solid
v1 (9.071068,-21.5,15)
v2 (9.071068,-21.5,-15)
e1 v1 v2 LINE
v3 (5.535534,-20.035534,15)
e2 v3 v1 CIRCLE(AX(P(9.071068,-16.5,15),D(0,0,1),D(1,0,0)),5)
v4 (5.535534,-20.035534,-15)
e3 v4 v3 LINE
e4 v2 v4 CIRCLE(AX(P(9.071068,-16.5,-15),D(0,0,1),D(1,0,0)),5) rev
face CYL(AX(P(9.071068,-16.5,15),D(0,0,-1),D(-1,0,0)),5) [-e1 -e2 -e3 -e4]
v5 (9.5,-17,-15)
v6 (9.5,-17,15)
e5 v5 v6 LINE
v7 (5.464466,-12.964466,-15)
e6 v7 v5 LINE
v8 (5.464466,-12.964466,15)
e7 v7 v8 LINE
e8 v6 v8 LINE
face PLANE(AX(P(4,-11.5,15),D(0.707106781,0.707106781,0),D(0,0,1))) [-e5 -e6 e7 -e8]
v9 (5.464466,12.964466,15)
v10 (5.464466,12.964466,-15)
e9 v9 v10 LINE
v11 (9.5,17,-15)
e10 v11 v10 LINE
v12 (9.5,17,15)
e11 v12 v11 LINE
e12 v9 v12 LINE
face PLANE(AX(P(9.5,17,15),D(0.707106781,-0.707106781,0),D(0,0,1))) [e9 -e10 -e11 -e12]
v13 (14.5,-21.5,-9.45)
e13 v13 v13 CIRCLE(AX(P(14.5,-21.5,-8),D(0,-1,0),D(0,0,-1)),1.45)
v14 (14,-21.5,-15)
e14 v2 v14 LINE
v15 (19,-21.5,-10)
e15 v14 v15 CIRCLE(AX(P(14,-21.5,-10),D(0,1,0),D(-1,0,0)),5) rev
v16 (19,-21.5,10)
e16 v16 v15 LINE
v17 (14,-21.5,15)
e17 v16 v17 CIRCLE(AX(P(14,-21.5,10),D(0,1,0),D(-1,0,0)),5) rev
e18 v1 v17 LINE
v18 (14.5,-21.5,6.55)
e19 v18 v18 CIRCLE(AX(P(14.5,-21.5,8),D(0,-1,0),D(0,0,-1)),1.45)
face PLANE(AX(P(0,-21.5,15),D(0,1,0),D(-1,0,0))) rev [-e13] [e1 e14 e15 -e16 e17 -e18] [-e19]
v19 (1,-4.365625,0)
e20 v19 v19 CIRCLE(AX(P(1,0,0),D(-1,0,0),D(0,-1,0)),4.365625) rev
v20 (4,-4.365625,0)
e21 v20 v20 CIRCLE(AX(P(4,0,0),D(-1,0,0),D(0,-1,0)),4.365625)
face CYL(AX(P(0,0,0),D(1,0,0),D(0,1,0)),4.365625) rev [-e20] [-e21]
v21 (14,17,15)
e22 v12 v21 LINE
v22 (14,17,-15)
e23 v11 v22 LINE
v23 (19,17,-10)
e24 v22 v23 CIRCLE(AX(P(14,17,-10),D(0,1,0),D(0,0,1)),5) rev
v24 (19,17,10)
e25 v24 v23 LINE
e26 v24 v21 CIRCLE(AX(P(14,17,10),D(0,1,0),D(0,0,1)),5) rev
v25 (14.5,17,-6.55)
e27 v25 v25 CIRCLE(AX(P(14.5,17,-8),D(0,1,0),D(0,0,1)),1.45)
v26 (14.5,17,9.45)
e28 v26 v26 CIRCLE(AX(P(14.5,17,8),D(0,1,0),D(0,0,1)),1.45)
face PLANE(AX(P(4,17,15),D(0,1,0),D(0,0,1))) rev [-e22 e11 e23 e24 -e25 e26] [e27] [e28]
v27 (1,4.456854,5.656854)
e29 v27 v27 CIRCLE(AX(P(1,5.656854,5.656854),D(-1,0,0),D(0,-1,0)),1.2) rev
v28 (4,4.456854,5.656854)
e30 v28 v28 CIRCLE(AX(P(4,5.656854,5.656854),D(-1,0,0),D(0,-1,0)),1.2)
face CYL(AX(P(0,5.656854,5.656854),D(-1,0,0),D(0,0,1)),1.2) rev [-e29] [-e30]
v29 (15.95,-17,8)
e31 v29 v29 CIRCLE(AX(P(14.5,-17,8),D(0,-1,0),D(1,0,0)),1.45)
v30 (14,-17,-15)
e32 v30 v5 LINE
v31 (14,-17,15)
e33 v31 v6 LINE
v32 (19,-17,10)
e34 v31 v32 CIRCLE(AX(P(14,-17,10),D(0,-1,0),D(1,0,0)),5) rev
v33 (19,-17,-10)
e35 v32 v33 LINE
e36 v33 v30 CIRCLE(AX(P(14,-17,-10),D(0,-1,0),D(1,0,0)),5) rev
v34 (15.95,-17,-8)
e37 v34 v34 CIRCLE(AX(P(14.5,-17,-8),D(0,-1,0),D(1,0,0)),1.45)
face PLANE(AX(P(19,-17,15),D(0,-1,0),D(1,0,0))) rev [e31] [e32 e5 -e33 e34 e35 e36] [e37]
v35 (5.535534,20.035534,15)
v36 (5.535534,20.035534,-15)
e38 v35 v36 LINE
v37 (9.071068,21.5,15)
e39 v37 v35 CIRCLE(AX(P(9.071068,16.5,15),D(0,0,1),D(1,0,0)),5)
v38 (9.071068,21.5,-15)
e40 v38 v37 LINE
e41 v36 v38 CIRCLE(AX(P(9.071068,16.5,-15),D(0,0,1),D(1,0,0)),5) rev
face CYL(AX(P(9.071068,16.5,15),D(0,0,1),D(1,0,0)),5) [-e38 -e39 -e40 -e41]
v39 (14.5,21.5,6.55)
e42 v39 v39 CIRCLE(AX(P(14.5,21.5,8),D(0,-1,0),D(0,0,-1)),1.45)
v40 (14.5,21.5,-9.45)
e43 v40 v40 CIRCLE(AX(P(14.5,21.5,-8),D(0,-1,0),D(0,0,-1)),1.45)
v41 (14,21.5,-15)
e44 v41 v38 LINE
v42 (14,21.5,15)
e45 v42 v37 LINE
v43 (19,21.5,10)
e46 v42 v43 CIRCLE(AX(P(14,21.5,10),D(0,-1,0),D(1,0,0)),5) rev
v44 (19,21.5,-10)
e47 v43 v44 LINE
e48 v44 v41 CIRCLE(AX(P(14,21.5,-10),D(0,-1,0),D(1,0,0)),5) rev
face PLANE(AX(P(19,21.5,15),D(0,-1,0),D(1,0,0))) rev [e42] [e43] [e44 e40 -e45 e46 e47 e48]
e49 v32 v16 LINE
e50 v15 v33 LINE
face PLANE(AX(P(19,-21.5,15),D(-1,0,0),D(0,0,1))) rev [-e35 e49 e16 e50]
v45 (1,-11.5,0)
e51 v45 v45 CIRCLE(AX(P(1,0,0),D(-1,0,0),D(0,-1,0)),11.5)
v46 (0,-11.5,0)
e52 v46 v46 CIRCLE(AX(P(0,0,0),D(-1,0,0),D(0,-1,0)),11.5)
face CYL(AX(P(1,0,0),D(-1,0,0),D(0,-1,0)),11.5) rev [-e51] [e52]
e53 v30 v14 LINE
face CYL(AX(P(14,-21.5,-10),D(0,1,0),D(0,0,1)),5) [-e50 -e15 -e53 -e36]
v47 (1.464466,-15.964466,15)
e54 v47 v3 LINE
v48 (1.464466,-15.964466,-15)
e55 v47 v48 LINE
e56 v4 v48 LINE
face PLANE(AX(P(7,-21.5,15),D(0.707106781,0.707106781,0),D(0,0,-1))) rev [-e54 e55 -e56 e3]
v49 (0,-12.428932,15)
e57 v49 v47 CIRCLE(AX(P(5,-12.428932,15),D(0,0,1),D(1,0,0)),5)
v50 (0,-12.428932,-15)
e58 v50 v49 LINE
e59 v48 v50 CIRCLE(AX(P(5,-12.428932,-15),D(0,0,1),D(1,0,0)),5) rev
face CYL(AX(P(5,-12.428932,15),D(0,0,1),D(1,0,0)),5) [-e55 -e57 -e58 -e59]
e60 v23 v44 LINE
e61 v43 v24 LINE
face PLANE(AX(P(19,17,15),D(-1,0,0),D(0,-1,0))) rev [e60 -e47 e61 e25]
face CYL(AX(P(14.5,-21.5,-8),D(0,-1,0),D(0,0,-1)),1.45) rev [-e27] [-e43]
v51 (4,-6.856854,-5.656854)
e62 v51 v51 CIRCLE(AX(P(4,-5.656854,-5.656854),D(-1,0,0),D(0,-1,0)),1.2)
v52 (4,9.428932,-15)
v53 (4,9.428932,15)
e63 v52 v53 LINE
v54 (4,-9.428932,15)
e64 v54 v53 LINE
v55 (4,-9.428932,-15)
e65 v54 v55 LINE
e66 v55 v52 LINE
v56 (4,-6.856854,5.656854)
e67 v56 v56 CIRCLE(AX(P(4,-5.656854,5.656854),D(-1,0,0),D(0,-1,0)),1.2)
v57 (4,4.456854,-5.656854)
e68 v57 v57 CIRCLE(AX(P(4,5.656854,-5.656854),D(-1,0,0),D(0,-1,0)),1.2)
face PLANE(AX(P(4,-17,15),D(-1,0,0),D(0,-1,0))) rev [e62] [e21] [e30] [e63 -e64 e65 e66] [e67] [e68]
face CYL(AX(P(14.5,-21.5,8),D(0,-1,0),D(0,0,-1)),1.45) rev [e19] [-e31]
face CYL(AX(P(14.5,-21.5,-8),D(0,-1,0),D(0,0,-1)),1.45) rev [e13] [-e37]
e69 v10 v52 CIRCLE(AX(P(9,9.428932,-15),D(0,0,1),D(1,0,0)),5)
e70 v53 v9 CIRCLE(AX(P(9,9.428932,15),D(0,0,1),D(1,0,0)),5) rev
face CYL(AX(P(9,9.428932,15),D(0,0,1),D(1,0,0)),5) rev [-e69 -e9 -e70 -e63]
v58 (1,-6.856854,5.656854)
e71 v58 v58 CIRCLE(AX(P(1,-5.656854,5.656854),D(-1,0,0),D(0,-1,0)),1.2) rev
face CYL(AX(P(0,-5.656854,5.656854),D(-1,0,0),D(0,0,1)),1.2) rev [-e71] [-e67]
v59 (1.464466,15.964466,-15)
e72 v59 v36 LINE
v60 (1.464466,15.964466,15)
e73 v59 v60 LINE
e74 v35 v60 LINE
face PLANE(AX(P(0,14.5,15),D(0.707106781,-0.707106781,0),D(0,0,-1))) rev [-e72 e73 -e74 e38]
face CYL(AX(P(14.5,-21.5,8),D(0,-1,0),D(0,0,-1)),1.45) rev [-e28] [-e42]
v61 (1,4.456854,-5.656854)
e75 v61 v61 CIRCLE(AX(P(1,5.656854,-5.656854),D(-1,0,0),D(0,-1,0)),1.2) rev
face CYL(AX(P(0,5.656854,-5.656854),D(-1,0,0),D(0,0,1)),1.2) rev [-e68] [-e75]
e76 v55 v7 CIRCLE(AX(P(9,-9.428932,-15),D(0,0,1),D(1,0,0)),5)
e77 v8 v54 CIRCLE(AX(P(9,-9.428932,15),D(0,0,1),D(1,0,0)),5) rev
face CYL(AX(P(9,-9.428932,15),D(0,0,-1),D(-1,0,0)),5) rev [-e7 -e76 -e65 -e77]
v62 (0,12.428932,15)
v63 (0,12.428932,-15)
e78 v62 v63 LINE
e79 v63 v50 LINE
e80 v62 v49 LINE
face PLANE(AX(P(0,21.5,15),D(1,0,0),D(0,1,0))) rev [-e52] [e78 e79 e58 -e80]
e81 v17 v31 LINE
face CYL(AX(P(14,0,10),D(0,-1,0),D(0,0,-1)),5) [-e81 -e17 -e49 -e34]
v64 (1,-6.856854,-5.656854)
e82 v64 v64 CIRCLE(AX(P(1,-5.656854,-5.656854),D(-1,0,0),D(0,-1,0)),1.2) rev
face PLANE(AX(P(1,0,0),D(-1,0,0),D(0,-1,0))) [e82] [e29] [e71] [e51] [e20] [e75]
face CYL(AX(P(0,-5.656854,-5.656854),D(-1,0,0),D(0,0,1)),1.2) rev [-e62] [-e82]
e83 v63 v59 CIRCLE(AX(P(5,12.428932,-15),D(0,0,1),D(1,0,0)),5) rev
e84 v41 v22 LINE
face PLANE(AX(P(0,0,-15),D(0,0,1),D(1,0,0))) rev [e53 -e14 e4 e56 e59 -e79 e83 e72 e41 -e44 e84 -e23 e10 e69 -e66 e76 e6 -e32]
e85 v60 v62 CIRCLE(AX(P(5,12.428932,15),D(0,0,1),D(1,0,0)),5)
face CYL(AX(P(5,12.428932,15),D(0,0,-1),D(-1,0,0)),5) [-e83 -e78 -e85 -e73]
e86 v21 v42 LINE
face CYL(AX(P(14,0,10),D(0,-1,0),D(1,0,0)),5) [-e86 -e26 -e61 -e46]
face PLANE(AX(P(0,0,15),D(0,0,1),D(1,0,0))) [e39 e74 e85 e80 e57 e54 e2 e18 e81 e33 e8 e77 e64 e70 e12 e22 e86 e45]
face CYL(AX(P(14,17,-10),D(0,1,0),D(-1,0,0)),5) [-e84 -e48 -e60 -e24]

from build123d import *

# Parameters (mm, degrees)
BOSS_EXTRUDE1_DEPTH     = 15
M2_5_CLEARANCE_HOLE1_D  = 2.9
CUT_EXTRUDE1_DEPTH      = 31.203476621
CUT_EXTRUDE1_DEPTH_BACK = 31.203476621
SKETCH3_R               = 4.365625
M2_CLEARANCE_HOLE1_D    = 2.4
SKETCH10_R              = 11.5
CUT_EXTRUDE3_DEPTH      = 1
CHAMFER1_SIZE           = 5.5
CHAMFER2_SIZE           = 7
FILLET1_R               = 5
FILLET2_R               = 5


with BuildPart() as part:
    # Sketch2 → Boss-Extrude1 (new, symmetric)
    with BuildSketch(Plane.XY):
        Polygon((0, 21.5), (0, -21.5), (19, -21.5), (19, -17), (4, -17), (4, 17), (19, 17), (19, 21.5), align=None)
    extrude(amount=BOSS_EXTRUDE1_DEPTH, both=True)

    # M2.5 Clearance Hole1 (through all)
    with Locations(Plane(origin=(0, -21.5, 0), x_dir=(-1, 0, 0), z_dir=(0, -1, 0))):
        with Locations((-14.5, -8), (-14.5, 8)):
            Hole(M2_5_CLEARANCE_HOLE1_D / 2)

    # Sketch3 → Cut-Extrude1 (cut, two sides: drawn at the far end of the back side and taken through both)
    with BuildSketch(Plane(origin=(4, 0, 0), x_dir=(0, 0, -1), z_dir=(1, 0, 0)).offset(-CUT_EXTRUDE1_DEPTH_BACK)):
        with Locations(Location((0, 0, 0), (0, 0, 90))):
            Circle(SKETCH3_R)
    extrude(amount=CUT_EXTRUDE1_DEPTH + CUT_EXTRUDE1_DEPTH_BACK, mode=Mode.SUBTRACT)

    # M2 Clearance Hole1 (through all)
    with Locations(Plane.ZY):
        with Locations((5.656854249, 5.656854249), (5.656854249, -5.656854249), (-5.656854249, -5.656854249), (-5.656854249, 5.656854249), (0, 0)):
            Hole(M2_CLEARANCE_HOLE1_D / 2)

    # Sketch10 → Cut-Extrude3 (cut)
    with BuildSketch(Plane.ZY):
        with Locations(Location((0, 0, 0), (0, 0, 270))):
            Circle(SKETCH10_R)
    extrude(amount=-CUT_EXTRUDE3_DEPTH, mode=Mode.SUBTRACT)

    # Chamfer1
    chamfer1_edges = [part.edges().sort_by_distance(p)[0] for p in [
        (4, 17, 0),
        (4, -17, 0),
    ]]
    chamfer(chamfer1_edges, length=CHAMFER1_SIZE)

    # Chamfer2
    chamfer2_edges = [part.edges().sort_by_distance(p)[0] for p in [
        (0, -21.5, 0),
        (0, 21.5, 0),
    ]]
    chamfer(chamfer2_edges, length=CHAMFER2_SIZE)

    # Fillet1
    fillet1_edges = [part.edges().sort_by_distance(p)[0] for p in [
        (19, -19.25, -15),
        (19, 19.25, 15),
        (19, -19.25, 15),
        (19, 19.25, -15),
    ]]
    fillet(fillet1_edges, radius=FILLET1_R)

    # Fillet2
    fillet2_edges = [part.edges().sort_by_distance(p)[0] for p in [
        (0, -14.5, 0),
        (0, 14.5, 0),
        (7, 21.5, 0),
        (7, -21.5, 0),
        (4, 11.5, 0),
        (4, -11.5, 0),
    ]]
    fillet(fillet2_edges, radius=FILLET2_R)


solid = part.part
